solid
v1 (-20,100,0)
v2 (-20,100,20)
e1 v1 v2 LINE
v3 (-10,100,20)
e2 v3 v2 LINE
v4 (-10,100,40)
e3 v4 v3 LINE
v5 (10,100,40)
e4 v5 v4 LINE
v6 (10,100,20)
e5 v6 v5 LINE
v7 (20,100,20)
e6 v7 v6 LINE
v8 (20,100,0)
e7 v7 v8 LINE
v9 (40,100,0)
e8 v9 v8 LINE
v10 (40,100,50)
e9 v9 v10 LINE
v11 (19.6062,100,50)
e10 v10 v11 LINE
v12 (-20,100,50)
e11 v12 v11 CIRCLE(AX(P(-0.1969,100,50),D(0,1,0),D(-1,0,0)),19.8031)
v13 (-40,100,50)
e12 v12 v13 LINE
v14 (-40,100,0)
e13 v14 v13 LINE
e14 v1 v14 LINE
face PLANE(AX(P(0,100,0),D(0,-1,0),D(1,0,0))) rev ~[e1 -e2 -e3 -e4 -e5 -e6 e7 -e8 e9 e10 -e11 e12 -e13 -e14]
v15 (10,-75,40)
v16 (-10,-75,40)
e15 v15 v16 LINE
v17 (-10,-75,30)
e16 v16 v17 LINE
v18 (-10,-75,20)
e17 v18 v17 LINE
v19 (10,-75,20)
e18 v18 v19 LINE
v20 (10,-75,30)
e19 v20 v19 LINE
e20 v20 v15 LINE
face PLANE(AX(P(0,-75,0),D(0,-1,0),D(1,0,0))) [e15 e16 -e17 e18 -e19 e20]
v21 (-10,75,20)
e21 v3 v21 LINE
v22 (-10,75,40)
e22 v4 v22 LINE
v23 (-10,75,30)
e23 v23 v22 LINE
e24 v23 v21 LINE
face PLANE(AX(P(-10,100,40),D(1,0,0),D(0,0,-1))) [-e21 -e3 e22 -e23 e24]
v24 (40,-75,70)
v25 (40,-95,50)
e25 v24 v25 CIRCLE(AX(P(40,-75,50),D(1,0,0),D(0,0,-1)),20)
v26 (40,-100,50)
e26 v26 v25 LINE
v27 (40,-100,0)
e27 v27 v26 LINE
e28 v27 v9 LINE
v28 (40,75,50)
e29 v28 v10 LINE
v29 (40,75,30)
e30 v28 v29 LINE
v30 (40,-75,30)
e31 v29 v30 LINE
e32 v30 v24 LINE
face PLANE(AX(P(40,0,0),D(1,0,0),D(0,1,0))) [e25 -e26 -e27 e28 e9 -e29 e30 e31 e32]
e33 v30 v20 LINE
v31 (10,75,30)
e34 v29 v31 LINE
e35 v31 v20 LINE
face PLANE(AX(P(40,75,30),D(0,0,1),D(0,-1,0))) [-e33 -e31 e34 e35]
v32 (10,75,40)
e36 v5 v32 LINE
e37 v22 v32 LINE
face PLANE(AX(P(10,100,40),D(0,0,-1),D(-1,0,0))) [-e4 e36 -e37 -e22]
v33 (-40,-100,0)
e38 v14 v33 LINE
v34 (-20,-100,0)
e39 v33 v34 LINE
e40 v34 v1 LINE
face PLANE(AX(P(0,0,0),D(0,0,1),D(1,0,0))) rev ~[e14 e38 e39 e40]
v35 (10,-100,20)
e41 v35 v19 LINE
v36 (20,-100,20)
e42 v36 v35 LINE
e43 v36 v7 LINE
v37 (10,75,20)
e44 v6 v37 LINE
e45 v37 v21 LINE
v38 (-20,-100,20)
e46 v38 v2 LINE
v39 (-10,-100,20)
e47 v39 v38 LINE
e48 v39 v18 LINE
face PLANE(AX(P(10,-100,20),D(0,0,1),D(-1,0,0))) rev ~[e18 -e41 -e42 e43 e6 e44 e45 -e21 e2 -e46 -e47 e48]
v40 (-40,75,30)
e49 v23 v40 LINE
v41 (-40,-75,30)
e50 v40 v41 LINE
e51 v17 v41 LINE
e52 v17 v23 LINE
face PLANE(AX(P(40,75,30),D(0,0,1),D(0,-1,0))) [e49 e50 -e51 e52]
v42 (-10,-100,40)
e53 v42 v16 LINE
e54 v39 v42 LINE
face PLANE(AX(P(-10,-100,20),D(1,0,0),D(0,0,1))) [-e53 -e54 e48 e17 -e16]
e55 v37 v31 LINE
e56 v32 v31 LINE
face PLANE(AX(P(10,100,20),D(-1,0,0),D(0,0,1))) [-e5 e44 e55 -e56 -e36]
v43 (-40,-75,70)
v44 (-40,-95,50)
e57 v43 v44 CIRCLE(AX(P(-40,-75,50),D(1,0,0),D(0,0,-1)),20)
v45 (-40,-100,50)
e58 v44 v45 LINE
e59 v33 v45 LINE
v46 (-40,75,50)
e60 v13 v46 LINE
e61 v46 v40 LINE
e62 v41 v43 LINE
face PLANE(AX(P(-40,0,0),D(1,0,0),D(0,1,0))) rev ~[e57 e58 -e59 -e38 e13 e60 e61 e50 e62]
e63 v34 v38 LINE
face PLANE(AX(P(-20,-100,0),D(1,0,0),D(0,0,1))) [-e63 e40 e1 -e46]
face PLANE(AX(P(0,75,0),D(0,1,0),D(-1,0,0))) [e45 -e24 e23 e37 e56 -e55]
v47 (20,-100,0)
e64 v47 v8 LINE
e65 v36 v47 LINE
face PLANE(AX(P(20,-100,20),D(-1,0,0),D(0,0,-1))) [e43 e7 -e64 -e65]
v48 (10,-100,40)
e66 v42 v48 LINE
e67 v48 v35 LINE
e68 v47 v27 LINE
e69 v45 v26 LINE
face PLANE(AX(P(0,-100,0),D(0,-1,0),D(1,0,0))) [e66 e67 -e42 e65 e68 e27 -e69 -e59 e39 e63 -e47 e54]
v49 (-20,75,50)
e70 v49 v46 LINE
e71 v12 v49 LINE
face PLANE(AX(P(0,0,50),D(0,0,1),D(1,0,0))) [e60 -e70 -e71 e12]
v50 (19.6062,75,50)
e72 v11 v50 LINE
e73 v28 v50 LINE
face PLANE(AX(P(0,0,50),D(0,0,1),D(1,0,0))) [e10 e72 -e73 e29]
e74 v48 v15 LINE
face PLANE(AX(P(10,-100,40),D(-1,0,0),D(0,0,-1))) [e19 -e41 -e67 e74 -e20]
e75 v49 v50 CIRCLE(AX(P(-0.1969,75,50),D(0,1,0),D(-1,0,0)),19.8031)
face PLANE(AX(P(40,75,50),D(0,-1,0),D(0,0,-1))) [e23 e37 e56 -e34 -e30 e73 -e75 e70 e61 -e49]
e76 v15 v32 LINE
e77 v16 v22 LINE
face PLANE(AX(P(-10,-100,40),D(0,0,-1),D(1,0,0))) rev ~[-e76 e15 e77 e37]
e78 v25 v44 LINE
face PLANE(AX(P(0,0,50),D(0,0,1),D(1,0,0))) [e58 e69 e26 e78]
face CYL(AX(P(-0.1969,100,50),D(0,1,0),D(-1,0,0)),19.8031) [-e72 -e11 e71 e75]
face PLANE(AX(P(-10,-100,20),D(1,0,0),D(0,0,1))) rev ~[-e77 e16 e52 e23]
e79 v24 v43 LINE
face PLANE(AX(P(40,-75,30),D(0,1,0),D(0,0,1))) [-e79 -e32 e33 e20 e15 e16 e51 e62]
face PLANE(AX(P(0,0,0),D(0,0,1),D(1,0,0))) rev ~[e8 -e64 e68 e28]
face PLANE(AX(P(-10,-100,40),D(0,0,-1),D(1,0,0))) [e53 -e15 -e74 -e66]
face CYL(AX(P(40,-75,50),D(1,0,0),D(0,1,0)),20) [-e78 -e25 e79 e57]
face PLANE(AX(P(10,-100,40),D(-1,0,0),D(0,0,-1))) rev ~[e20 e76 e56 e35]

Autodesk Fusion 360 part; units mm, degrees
sketch "Sketch1" plane through (0, 0, 0) normal (0, 0, 1) x (1, 0, 0) in component "box"
  line L0 (40, 100) -> (-40, 100)
  line L1 (-40, 100) -> (-40, -100)
  line L2 (-40, -100) -> (40, -100)
  line L3 (40, -100) -> (40, 100)
  line L4 (40, 100) -> (-40, -100) construction
  line L5 (-40, 100) -> (40, -100) construction
  dimension "d1" = 80
  dimension "d2" = 200
extrude "Extrude1" add sketch "Sketch1" along normal blind 50 in component "box"
sketch "Sketch2" plane through (0, -100, 0) normal (0, -1, 0) x (1, 0, 0) in component "box"
  line L0 (-40, 0) -> (40, 0)
  line L1 (40, 0) -> (40, 50)
  line L2 (40, 50) -> (-40, 50)
  line L3 (-40, 50) -> (-40, 0)
  line L4 (20, 0) -> (-20, 0)
  line L5 (-20, 0) -> (-20, 20)
  line L6 (-20, 20) -> (20, 20)
  line L7 (20, 20) -> (20, 0)
  line L8 (20, 0) -> (-20, 20) construction
  line L9 (-20, 0) -> (20, 20) construction
  point P0 (0, 10)
extrude "Extrude2" cut sketch "Sketch2" against normal blind 200 contours L0 L4 L5 L6 L7 in component "box"
sketch "Sketch3" plane through (0, -100, 0) normal (0, -1, 0) x (1, 0, 0) in component "box"
  line L0 (20, 20) -> (20, 0)
  line L1 (20, 0) -> (40, 0)
  line L2 (40, 0) -> (40, 50)
  line L3 (40, 50) -> (-40, 50)
  line L4 (-40, 50) -> (-40, 0)
  line L5 (-40, 0) -> (-20, 0)
  line L6 (-20, 0) -> (-20, 20)
  line L7 (-20, 20) -> (20, 20)
  line L8 (10, 20) -> (-10, 20)
  line L9 (-10, 20) -> (-10, 40)
  line L10 (-10, 40) -> (10, 40)
  line L11 (10, 40) -> (10, 20)
  line L12 (10, 20) -> (-10, 40) construction
  line L13 (-10, 20) -> (10, 40) construction
  point P0 (0, 30)
sketch "Sketch4" plane through (40, 0, 0) normal (1, 0, 0) x (0, 1, 0) in component "box"
  line L0 (-100, 0) -> (100, 0)
  line L1 (100, 0) -> (100, 50)
  line L2 (100, 50) -> (-100, 50)
  line L3 (-100, 50) -> (-100, 0)
  line L4 (75, 30) -> (-75, 30)
  line L5 (-75, 30) -> (-75, 50)
  line L6 (-75, 50) -> (75, 50)
  line L7 (75, 50) -> (75, 30)
  line L8 (75, 30) -> (-75, 50) construction
  line L9 (-75, 30) -> (75, 50) construction
  point P0 (0, 40)
extrude "Extrude3" cut sketch "Sketch4" against normal blind 80 contours L2 L4 L5 L6 L7 in component "box"
extrude "Extrude4" add sketch "Sketch3" against normal blind 200 contours L7 L8 L9 L10 L11 in component "box"
sketch "Sketch5" plane through (0, -100, 0) normal (0, -1, 0) x (1, 0, 0) in component "box"
  line L0 (-20, 20) -> (20, 20)
  line L1 (20, 20) -> (20, 0)
  line L2 (20, 0) -> (40, 0)
  line L3 (40, 0) -> (40, 50)
  line L4 (40, 50) -> (-40, 50)
  line L5 (-40, 50) -> (-40, 0)
  line L6 (-40, 0) -> (-20, 0)
  line L7 (-20, 0) -> (-20, 20)
  line L8 (10, 20) -> (-10, 20)
  line L9 (-10, 20) -> (-10, 40)
  line L10 (-10, 40) -> (10, 40)
  line L11 (10, 40) -> (10, 20)
  line L12 (10, 20) -> (-10, 40) construction
  line L13 (-10, 20) -> (10, 40) construction
  point P0 (0, 30)
extrude "Extrude5" cut sketch "Sketch5" against normal blind 25 contours L0 L8 L9 L10 L11 in component "box"
sketch "Sketch6" plane through (0, 100, 0) normal (0, 1, 0) x (-1, 0, 0) in component "box"
  line L0 (-20, 20) -> (20, 20)
  line L1 (20, 20) -> (20, 0)
  line L2 (20, 0) -> (40, 0)
  line L3 (40, 0) -> (40, 50)
  line L4 (40, 50) -> (-40, 50)
  line L5 (-40, 50) -> (-40, 0)
  line L6 (-40, 0) -> (-20, 0)
  line L7 (-20, 0) -> (-20, 20)
  line L8 (10, 20) -> (-10, 20)
  line L9 (-10, 20) -> (-10, 40)
  line L10 (-10, 40) -> (10, 40)
  line L11 (10, 40) -> (10, 20)
  line L12 (10, 20) -> (-10, 40) construction
  line L13 (-10, 20) -> (10, 40) construction
  point P0 (0, 30)
extrude "Extrude6" cut sketch "Sketch6" against normal blind 25 contours L0 L8 L9 L10 L11 in component "box"
sketch "Sketch7" plane through (40, 0, 0) normal (1, 0, 0) x (0, 1, 0) in component "box"
  line L0 (75, 50) -> (75, 30)
  line L1 (75, 30) -> (-75, 30)
  line L2 (-75, 30) -> (-75, 50)
  line L3 (-75, 50) -> (-100, 50)
  line L4 (-100, 50) -> (-100, 0)
  line L5 (-100, 0) -> (100, 0)
  line L6 (100, 0) -> (100, 50)
  line L7 (100, 50) -> (75, 50)
  circle A0 centre (-75, 50) radius 20
extrude "Extrude7" add sketch "Sketch7" against normal blind 80 contours L2 L3 A0 picked at (-86.5147, 56.648) in component "box"
sketch "Sketch8" plane through (0, 100, 0) normal (0, 1, 0) x (-1, 0, 0) in component "box"
  line L0 (10, 40) -> (10, 20)
  line L1 (10, 20) -> (20, 20)
  line L2 (20, 20) -> (20, 0)
  line L3 (20, 0) -> (40, 0)
  line L4 (40, 0) -> (40, 50)
  line L5 (40, 50) -> (-40, 50)
  line L6 (-40, 50) -> (-40, 0)
  line L7 (-40, 0) -> (-20, 0)
  line L8 (-20, 0) -> (-20, 20)
  line L9 (-20, 20) -> (-10, 20)
  line L10 (-10, 20) -> (-10, 40)
  line L11 (-10, 40) -> (10, 40)
  circle A0 centre (0.1969, 50) radius 19.8031
extrude "Extrude8" add sketch "Sketch8" against normal blind 25 contours L5 A0 in component "box"
sketch "Sketch9" plane through (40, 0, 0) normal (1, 0, 0) x (0, 1, 0) in component "box"
  line L0 (75, 50) -> (75, 30)
  line L1 (75, 30) -> (-75, 30)
  arc A0 (-75, 30) -> (-95, 50) centre (-75, 50) ccw
  line L2 (-95, 50) -> (-100, 50)
  line L3 (-100, 50) -> (-100, 0)
  line L4 (-100, 0) -> (100, 0)
  line L5 (100, 0) -> (100, 50)
  line L6 (100, 50) -> (75, 50)
  line L7 (75, 30) -> (-75, 30)
  line L8 (-75, 30) -> (-75, 70)
  line L9 (-75, 70) -> (75, 70)
  line L10 (75, 70) -> (75, 30)
  line L11 (75, 30) -> (-75, 70) construction
  line L12 (-75, 30) -> (75, 70) construction
  point P0 (0, 50)
extrude "Extrude9" cut sketch "Sketch9" against normal blind 80 contours A0 L8 in component "box"
sketch "Sketch10" plane through (0, -100, 0) normal (0, -1, 0) x (1, 0, 0) in component "box"
  line L0 (10, 40) -> (10, 20)
  line L1 (10, 20) -> (20, 20)
  line L2 (20, 20) -> (20, 0)
  line L3 (20, 0) -> (40, 0)
  line L4 (40, 0) -> (40, 50)
  line L5 (40, 50) -> (-40, 50)
  line L6 (-40, 50) -> (-40, 0)
  line L7 (-40, 0) -> (-20, 0)
  line L8 (-20, 0) -> (-20, 20)
  line L9 (-20, 20) -> (-10, 20)
  line L10 (-10, 20) -> (-10, 40)
  line L11 (-10, 40) -> (10, 40)
  line L12 (10, 20) -> (-10, 20)
  line L13 (-10, 20) -> (-10, 40)
  line L14 (-10, 40) -> (10, 40)
  line L15 (10, 40) -> (10, 20)
  line L16 (10, 20) -> (-10, 40) construction
  line L17 (-10, 20) -> (10, 40) construction
  point P0 (0, 30)
extrude "Extrude10" add sketch "Sketch10" against normal blind 50 contours L0 L10 L11 L12 L13 L14 L15 in component "box"
sketch "Sketch11" plane through (0, -100, 0) normal (0, -1, 0) x (1, 0, 0) in component "box"
  line L0 (-20, 20) -> (20, 20)
  line L1 (20, 20) -> (20, 0)
  line L2 (20, 0) -> (40, 0)
  line L3 (40, 0) -> (40, 50)
  line L4 (40, 50) -> (-40, 50)
  line L5 (-40, 50) -> (-40, 0)
  line L6 (-40, 0) -> (-20, 0)
  line L7 (-20, 0) -> (-20, 20)
  line L8 (10, 20) -> (-10, 20)
  line L9 (-10, 20) -> (-10, 40)
  line L10 (-10, 40) -> (10, 40)
  line L11 (10, 40) -> (10, 20)
  line L12 (10, 20) -> (-10, 40) construction
  line L13 (-10, 20) -> (10, 40) construction
  point P0 (0, 30)
extrude "Extrude11" cut sketch "Sketch11" against normal blind 25 contours L0 L8 L9 L10 L11 in component "box"
component "box" placed x (1, 0, 0) y (0, 1, 0) z (0, 0, 1) at (0, 0, 0)
